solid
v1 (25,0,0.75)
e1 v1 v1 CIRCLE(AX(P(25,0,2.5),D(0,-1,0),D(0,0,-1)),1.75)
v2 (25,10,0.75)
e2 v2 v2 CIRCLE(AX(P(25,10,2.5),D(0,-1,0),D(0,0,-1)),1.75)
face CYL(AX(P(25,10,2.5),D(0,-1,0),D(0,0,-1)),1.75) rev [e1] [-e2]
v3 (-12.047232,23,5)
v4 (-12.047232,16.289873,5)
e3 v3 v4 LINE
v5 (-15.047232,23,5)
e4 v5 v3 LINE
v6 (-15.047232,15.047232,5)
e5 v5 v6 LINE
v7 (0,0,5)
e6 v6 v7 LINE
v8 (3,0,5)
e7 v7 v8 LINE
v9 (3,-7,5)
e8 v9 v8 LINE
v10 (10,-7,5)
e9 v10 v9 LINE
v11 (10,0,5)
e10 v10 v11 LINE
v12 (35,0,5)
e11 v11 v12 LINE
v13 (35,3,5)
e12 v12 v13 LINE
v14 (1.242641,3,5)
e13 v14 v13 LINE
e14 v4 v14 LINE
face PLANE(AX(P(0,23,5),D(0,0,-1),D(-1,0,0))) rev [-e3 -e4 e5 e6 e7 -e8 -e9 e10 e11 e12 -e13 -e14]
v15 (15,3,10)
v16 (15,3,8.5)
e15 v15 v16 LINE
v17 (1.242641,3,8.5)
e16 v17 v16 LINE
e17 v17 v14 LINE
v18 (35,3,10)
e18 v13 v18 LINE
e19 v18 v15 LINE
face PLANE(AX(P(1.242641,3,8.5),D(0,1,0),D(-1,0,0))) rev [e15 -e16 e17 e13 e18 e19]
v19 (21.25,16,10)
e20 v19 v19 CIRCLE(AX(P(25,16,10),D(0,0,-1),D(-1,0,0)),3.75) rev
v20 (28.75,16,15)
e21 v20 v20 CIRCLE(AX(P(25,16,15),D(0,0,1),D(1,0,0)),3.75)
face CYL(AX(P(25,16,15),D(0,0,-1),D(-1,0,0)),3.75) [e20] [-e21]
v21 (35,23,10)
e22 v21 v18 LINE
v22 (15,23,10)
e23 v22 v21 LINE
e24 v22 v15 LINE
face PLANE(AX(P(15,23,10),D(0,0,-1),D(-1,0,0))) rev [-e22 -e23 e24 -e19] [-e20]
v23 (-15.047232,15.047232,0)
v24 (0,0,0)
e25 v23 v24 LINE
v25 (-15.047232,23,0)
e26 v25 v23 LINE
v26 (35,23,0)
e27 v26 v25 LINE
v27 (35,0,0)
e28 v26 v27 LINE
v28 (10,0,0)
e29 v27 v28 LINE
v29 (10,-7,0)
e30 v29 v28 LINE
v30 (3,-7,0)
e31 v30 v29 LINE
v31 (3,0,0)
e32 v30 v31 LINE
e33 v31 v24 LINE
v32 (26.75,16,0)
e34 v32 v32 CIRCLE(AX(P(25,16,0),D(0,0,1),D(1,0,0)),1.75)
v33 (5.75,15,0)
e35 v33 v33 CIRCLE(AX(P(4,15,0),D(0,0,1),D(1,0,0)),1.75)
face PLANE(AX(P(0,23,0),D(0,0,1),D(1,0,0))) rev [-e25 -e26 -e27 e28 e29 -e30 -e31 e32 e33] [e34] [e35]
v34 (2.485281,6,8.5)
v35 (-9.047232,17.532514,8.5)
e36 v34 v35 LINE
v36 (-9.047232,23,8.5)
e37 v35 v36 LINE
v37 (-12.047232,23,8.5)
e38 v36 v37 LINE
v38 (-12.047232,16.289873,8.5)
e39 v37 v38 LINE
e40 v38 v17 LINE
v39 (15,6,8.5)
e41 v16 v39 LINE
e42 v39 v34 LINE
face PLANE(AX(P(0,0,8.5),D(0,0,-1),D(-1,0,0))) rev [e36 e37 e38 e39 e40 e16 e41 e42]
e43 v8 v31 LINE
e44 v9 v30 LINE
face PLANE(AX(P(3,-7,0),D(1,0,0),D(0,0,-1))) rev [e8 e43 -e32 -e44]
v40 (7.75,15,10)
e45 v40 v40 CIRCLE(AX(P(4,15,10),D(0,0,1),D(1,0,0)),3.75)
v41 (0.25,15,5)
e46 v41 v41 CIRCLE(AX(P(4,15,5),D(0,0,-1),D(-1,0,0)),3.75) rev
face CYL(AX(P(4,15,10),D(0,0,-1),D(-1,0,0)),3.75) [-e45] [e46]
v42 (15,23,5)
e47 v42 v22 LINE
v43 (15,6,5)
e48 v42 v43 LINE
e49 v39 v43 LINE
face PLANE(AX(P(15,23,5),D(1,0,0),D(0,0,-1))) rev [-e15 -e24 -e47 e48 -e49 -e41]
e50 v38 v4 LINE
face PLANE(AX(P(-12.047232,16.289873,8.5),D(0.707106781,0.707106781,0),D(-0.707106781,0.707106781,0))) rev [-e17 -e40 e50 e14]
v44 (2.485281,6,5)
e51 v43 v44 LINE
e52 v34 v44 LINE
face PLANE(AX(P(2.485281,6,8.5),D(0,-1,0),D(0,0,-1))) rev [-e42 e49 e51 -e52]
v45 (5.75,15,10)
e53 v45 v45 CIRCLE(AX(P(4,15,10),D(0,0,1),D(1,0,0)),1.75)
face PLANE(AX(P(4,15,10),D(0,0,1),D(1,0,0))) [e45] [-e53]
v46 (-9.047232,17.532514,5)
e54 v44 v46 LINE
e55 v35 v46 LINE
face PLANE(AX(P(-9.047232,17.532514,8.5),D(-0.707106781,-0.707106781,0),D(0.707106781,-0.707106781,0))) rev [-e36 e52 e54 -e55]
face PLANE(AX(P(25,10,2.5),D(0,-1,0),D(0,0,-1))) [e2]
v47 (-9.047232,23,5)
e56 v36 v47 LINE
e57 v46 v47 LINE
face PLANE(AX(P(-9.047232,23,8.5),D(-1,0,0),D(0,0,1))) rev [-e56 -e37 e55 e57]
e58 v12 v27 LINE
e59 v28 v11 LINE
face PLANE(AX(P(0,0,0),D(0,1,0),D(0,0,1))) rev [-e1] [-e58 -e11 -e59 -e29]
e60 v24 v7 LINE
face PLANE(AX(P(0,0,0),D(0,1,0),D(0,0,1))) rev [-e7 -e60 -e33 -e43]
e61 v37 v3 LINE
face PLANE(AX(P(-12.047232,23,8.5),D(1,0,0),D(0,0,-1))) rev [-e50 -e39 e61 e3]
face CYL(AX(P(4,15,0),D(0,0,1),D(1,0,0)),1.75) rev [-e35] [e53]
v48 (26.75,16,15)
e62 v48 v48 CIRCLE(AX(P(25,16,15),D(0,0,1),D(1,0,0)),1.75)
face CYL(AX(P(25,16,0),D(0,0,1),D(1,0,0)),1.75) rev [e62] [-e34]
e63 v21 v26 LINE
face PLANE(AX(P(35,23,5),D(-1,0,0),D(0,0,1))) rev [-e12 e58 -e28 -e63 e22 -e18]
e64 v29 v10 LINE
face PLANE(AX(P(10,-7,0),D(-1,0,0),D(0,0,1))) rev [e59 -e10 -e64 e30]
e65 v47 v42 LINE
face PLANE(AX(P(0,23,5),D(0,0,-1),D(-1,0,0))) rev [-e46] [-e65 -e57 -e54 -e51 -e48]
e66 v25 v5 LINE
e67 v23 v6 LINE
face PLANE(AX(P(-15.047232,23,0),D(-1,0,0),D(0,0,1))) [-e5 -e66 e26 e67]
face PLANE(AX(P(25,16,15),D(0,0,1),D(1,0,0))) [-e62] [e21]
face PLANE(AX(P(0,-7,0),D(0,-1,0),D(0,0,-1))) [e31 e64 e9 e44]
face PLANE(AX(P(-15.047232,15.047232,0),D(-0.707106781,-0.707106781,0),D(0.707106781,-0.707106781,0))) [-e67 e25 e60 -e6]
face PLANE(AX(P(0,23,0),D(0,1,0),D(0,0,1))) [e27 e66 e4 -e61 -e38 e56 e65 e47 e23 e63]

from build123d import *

# Parameters (mm, degrees)
BOSS_EXTRUDE1_DEPTH = 23
SKETCH2_R           = 1.75
CUT_EXTRUDE1_DEPTH  = 10
SKETCH4_W           = 7
SKETCH4_H           = 5
BOSS_EXTRUDE2_DEPTH = 7
SKETCH6_R           = 3.75
SKETCH6_R_2         = 1.75
BOSS_EXTRUDE3_DEPTH = 5
SKETCH7_R           = 3.75
SKETCH7_R_2         = 1.75
BOSS_EXTRUDE4_DEPTH = 5
BOSS_EXTRUDE5_DEPTH = 5
BOSS_EXTRUDE6_DEPTH = 3.5
SKETCH3_R           = 1.75
CUT_EXTRUDE2_DEPTH  = 10
SKETCH12_W          = 5
SKETCH12_H          = 3
CUT_EXTRUDE3_DEPTH  = 20


with BuildPart() as part:
    # Sketch1 → Boss-Extrude1 (new body)
    with BuildSketch(Plane(origin=(0, 0, 0), x_dir=(1, 0, 0), z_dir=(0, 1, 0))):
        Polygon((18, 0), (22, 0), (35, 0), (35, -5), (35, -10), (15, -10), (15, -5), (0, -5), (0, 0), align=None)
    extrude(amount=BOSS_EXTRUDE1_DEPTH)

    # Sketch2 → Cut-Extrude1 (cut)
    with BuildSketch(Plane.XY.offset(10)):
        with Locations((4, 15)):
            Circle(SKETCH2_R)
        with Locations((25, 16)):
            Circle(SKETCH2_R)
    extrude(amount=-CUT_EXTRUDE1_DEPTH, mode=Mode.SUBTRACT)

    # Sketch4 → Boss-Extrude2 (add)
    with BuildSketch(Plane.XZ):
        with Locations((6.5, 2.5)):
            Rectangle(SKETCH4_W, SKETCH4_H)
    extrude(amount=BOSS_EXTRUDE2_DEPTH)

    # Sketch6 → Boss-Extrude3 (add)
    with BuildSketch(Plane.XY.offset(5)):
        with Locations((4, 15)):
            Circle(SKETCH6_R)
        with Locations((4, 15)):
            Circle(SKETCH6_R_2, mode=Mode.SUBTRACT)
    extrude(amount=BOSS_EXTRUDE3_DEPTH)

    # Sketch7 → Boss-Extrude4 (add)
    with BuildSketch(Plane.XY.offset(10)):
        with Locations((25, 16)):
            Circle(SKETCH7_R)
        with Locations((25, 16)):
            Circle(SKETCH7_R_2, mode=Mode.SUBTRACT)
    extrude(amount=BOSS_EXTRUDE4_DEPTH)

    # Sketch10 → Boss-Extrude5 (add)
    with BuildSketch(Plane.XY.offset(5)):
        Polygon((0, 23), (-15.047232304, 23), (-15.047232304, 15.047232304), (0, 0), align=None)
    extrude(amount=-BOSS_EXTRUDE5_DEPTH)

    # Sketch11 → Boss-Extrude6 (add)
    with BuildSketch(Plane.XY.offset(5)):
        Polygon((-12.047232304, 23), (-12.047232304, 16.289872991), (1.242640687, 3), (15, 3), (15, 6), (2.485281374, 6), (-9.047232304, 17.532513678), (-9.047232304, 23), align=None)
    extrude(amount=BOSS_EXTRUDE6_DEPTH)

    # Sketch3 → Cut-Extrude2 (cut)
    with BuildSketch(Plane.XZ):
        with Locations((25, 2.5)):
            Circle(SKETCH3_R)
    extrude(amount=-CUT_EXTRUDE2_DEPTH, mode=Mode.SUBTRACT)

    # Sketch12 → Cut-Extrude3 (cut)
    with BuildSketch(Plane.ZY.offset(-15)):
        with Locations((7.5, 1.5)):
            Rectangle(SKETCH12_W, SKETCH12_H)
    extrude(amount=-CUT_EXTRUDE3_DEPTH, mode=Mode.SUBTRACT)


solid = part.part
